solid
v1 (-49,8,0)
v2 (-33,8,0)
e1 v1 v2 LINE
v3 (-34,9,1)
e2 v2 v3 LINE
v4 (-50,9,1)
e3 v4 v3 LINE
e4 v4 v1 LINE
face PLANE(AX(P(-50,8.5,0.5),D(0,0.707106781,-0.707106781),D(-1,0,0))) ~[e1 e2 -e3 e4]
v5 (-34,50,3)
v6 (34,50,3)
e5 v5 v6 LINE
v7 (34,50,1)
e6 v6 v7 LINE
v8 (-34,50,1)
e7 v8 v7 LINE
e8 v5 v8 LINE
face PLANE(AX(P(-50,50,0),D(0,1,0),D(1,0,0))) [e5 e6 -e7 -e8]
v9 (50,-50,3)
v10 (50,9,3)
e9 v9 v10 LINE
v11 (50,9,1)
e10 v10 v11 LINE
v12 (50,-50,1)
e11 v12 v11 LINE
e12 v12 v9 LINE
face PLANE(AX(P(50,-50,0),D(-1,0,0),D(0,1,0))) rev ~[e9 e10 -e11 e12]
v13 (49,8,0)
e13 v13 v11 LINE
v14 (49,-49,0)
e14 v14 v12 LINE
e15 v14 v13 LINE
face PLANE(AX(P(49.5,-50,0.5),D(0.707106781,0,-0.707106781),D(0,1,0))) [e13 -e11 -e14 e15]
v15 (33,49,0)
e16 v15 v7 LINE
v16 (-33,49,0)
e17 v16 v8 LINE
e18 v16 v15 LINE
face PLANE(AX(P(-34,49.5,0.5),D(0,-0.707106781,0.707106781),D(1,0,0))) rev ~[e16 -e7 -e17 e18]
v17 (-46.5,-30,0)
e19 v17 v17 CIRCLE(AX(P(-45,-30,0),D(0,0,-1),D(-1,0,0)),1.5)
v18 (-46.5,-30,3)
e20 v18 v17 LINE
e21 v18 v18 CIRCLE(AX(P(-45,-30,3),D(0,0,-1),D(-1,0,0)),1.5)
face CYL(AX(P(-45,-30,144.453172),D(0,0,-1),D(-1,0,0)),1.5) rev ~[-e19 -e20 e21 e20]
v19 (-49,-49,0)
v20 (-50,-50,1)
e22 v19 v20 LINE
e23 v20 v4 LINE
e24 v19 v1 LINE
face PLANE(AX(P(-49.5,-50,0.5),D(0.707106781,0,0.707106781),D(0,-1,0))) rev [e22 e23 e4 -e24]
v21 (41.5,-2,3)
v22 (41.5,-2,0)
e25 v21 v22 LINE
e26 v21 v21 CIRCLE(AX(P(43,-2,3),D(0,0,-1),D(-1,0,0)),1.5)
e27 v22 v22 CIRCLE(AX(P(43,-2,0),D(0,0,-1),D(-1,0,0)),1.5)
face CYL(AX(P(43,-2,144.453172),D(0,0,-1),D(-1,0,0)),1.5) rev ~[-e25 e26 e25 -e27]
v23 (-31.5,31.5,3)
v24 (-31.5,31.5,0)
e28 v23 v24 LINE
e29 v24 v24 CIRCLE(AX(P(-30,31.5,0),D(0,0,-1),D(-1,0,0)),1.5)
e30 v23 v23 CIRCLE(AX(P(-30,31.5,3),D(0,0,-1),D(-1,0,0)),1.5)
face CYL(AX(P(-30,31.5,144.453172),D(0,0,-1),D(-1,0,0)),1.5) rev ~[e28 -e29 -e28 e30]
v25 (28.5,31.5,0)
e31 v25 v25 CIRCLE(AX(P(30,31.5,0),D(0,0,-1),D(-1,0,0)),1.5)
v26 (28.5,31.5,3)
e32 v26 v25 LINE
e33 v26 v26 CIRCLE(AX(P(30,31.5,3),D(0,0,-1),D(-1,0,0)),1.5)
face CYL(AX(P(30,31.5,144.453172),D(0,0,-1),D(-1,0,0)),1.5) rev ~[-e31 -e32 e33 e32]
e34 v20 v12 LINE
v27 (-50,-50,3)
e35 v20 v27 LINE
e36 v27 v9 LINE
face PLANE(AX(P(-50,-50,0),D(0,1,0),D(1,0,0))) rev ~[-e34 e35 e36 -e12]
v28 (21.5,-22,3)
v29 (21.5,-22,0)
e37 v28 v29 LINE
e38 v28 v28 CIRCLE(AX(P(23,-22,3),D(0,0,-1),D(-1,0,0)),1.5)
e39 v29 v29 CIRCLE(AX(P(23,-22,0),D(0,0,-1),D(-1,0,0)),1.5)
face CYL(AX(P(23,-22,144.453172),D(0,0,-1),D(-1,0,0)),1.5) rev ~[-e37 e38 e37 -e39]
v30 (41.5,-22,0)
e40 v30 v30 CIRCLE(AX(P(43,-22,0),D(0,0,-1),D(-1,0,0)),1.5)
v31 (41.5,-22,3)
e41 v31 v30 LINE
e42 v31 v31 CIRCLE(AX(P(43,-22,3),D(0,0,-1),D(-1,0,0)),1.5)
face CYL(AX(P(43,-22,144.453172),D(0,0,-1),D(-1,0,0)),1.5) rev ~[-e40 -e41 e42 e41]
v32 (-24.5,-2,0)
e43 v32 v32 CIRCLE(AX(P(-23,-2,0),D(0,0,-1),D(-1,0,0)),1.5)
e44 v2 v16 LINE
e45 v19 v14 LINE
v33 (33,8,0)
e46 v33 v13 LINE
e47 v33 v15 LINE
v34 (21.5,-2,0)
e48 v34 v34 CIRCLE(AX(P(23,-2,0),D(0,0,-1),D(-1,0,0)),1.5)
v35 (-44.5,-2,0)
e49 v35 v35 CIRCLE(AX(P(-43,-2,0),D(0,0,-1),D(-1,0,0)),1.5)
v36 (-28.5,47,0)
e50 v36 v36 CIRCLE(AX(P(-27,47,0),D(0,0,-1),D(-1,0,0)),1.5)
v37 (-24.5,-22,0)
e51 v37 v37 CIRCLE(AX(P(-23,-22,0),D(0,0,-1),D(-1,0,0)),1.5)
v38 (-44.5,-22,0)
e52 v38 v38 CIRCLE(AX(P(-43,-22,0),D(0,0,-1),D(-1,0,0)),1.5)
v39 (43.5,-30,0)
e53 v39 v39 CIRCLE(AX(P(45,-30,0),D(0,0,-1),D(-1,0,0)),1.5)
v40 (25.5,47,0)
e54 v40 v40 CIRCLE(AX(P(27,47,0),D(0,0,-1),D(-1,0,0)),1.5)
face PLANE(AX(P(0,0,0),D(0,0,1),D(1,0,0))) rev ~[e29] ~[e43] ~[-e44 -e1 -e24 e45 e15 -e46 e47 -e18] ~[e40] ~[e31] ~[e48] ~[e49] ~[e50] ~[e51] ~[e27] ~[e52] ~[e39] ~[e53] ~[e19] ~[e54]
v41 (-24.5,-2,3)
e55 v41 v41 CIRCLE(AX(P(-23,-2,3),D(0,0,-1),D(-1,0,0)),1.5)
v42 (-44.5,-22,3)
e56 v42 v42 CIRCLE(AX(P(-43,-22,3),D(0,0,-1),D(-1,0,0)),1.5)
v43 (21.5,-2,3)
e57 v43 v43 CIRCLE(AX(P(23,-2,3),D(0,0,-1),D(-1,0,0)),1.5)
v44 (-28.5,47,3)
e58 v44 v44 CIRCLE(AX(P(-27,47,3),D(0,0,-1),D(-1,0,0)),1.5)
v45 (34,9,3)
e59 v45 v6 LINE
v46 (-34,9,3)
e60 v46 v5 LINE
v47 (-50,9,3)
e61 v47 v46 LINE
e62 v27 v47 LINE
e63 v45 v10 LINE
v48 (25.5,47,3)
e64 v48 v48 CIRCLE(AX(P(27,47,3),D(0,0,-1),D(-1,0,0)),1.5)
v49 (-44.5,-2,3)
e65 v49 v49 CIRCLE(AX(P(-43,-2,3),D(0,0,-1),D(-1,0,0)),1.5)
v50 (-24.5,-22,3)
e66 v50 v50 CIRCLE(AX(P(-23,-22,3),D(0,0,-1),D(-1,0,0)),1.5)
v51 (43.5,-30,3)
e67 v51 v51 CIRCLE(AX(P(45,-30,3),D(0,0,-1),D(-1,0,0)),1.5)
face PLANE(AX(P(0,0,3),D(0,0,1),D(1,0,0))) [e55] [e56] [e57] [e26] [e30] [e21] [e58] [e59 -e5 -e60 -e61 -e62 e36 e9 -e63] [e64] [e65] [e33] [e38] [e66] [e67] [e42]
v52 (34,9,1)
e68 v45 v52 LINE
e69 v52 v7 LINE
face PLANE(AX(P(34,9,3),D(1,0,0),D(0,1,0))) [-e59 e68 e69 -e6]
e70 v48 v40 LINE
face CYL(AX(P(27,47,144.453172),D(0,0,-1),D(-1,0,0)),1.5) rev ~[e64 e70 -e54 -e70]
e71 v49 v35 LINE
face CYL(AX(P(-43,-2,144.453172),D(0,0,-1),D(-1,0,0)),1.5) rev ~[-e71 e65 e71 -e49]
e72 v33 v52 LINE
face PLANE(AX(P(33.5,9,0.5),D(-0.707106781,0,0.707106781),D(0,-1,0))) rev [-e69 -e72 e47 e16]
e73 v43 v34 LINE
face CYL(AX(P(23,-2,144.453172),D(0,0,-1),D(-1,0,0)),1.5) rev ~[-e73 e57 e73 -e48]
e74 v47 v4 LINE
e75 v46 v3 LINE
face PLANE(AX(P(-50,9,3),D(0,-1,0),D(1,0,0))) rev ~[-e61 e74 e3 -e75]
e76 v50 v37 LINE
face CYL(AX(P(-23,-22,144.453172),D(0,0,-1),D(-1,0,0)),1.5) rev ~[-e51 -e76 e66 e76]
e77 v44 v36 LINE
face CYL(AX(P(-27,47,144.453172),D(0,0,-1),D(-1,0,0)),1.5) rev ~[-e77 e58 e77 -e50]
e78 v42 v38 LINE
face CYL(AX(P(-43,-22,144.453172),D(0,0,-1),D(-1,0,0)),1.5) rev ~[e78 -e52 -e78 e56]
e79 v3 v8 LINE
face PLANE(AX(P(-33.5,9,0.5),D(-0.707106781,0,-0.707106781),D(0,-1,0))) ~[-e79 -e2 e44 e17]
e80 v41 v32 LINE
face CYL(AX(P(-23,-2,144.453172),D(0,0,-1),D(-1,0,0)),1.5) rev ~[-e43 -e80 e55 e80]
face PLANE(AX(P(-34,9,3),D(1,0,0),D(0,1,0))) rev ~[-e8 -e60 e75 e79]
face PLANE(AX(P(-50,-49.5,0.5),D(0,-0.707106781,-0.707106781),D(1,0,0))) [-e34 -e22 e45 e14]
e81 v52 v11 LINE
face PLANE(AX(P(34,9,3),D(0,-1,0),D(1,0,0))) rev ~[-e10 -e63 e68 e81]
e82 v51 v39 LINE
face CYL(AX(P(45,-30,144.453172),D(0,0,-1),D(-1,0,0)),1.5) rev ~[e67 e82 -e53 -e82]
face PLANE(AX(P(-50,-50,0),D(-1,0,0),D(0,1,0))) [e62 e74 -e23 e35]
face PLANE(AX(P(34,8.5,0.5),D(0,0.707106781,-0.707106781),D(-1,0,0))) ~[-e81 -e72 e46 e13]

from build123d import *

# Parameters (mm, degrees)
F0_W     = 100
F0_H     = 100
F1_DEPTH = 3
F3_D     = 3
F4_W     = 16
F4_H     = 41
F5_DEPTH = 3
F7_D     = 3
F8_SIZE  = 1
F10_D    = 3


with BuildPart() as f1:
    # F0 (on Top) → F1 (new body)
    with BuildSketch(Plane.XY):
        Rectangle(F0_W, F0_H)
    extrude(amount=F1_DEPTH)

    # F3 (through all)
    with Locations(Plane.XY.offset(3)):
        with Locations((-30, 31.5), (30, 31.5)):
            Hole(F3_D / 2)

    # F4 (on face) → F5 (cut)
    with BuildSketch(Plane.XY.offset(3)):
        with Locations((-42, 29.5)):
            Rectangle(F4_W, F4_H)
        with Locations((42, 29.5)):
            Rectangle(F4_W, F4_H)
    extrude(amount=-F5_DEPTH, mode=Mode.SUBTRACT)

    # F7 (through all)
    with Locations(Plane.XY.offset(3)):
        with Locations((-43, -2), (-23, -2), (-23, -22), (-43, -22), (23, -2), (43, -2), (43, -22), (23, -22)):
            Hole(F7_D / 2)

    # F8
    f8_edges = [f1.edges().sort_by_distance(p)[0] for p in [
        (0, -50, 0),
        (-50, -20.5, 0),
        (-42, 9, 0),
        (-34, 29.5, 0),
        (0, 50, 0),
        (34, 29.5, 0),
        (42, 9, 0),
        (50, -20.5, 0),
    ]]
    chamfer(f8_edges, length=F8_SIZE)

    # F10 (through all)
    with Locations(Plane.XY.offset(3)):
        with Locations((-45, -30), (45, -30), (-27, 47), (27, 47)):
            Hole(F10_D / 2)


solid = f1.part
